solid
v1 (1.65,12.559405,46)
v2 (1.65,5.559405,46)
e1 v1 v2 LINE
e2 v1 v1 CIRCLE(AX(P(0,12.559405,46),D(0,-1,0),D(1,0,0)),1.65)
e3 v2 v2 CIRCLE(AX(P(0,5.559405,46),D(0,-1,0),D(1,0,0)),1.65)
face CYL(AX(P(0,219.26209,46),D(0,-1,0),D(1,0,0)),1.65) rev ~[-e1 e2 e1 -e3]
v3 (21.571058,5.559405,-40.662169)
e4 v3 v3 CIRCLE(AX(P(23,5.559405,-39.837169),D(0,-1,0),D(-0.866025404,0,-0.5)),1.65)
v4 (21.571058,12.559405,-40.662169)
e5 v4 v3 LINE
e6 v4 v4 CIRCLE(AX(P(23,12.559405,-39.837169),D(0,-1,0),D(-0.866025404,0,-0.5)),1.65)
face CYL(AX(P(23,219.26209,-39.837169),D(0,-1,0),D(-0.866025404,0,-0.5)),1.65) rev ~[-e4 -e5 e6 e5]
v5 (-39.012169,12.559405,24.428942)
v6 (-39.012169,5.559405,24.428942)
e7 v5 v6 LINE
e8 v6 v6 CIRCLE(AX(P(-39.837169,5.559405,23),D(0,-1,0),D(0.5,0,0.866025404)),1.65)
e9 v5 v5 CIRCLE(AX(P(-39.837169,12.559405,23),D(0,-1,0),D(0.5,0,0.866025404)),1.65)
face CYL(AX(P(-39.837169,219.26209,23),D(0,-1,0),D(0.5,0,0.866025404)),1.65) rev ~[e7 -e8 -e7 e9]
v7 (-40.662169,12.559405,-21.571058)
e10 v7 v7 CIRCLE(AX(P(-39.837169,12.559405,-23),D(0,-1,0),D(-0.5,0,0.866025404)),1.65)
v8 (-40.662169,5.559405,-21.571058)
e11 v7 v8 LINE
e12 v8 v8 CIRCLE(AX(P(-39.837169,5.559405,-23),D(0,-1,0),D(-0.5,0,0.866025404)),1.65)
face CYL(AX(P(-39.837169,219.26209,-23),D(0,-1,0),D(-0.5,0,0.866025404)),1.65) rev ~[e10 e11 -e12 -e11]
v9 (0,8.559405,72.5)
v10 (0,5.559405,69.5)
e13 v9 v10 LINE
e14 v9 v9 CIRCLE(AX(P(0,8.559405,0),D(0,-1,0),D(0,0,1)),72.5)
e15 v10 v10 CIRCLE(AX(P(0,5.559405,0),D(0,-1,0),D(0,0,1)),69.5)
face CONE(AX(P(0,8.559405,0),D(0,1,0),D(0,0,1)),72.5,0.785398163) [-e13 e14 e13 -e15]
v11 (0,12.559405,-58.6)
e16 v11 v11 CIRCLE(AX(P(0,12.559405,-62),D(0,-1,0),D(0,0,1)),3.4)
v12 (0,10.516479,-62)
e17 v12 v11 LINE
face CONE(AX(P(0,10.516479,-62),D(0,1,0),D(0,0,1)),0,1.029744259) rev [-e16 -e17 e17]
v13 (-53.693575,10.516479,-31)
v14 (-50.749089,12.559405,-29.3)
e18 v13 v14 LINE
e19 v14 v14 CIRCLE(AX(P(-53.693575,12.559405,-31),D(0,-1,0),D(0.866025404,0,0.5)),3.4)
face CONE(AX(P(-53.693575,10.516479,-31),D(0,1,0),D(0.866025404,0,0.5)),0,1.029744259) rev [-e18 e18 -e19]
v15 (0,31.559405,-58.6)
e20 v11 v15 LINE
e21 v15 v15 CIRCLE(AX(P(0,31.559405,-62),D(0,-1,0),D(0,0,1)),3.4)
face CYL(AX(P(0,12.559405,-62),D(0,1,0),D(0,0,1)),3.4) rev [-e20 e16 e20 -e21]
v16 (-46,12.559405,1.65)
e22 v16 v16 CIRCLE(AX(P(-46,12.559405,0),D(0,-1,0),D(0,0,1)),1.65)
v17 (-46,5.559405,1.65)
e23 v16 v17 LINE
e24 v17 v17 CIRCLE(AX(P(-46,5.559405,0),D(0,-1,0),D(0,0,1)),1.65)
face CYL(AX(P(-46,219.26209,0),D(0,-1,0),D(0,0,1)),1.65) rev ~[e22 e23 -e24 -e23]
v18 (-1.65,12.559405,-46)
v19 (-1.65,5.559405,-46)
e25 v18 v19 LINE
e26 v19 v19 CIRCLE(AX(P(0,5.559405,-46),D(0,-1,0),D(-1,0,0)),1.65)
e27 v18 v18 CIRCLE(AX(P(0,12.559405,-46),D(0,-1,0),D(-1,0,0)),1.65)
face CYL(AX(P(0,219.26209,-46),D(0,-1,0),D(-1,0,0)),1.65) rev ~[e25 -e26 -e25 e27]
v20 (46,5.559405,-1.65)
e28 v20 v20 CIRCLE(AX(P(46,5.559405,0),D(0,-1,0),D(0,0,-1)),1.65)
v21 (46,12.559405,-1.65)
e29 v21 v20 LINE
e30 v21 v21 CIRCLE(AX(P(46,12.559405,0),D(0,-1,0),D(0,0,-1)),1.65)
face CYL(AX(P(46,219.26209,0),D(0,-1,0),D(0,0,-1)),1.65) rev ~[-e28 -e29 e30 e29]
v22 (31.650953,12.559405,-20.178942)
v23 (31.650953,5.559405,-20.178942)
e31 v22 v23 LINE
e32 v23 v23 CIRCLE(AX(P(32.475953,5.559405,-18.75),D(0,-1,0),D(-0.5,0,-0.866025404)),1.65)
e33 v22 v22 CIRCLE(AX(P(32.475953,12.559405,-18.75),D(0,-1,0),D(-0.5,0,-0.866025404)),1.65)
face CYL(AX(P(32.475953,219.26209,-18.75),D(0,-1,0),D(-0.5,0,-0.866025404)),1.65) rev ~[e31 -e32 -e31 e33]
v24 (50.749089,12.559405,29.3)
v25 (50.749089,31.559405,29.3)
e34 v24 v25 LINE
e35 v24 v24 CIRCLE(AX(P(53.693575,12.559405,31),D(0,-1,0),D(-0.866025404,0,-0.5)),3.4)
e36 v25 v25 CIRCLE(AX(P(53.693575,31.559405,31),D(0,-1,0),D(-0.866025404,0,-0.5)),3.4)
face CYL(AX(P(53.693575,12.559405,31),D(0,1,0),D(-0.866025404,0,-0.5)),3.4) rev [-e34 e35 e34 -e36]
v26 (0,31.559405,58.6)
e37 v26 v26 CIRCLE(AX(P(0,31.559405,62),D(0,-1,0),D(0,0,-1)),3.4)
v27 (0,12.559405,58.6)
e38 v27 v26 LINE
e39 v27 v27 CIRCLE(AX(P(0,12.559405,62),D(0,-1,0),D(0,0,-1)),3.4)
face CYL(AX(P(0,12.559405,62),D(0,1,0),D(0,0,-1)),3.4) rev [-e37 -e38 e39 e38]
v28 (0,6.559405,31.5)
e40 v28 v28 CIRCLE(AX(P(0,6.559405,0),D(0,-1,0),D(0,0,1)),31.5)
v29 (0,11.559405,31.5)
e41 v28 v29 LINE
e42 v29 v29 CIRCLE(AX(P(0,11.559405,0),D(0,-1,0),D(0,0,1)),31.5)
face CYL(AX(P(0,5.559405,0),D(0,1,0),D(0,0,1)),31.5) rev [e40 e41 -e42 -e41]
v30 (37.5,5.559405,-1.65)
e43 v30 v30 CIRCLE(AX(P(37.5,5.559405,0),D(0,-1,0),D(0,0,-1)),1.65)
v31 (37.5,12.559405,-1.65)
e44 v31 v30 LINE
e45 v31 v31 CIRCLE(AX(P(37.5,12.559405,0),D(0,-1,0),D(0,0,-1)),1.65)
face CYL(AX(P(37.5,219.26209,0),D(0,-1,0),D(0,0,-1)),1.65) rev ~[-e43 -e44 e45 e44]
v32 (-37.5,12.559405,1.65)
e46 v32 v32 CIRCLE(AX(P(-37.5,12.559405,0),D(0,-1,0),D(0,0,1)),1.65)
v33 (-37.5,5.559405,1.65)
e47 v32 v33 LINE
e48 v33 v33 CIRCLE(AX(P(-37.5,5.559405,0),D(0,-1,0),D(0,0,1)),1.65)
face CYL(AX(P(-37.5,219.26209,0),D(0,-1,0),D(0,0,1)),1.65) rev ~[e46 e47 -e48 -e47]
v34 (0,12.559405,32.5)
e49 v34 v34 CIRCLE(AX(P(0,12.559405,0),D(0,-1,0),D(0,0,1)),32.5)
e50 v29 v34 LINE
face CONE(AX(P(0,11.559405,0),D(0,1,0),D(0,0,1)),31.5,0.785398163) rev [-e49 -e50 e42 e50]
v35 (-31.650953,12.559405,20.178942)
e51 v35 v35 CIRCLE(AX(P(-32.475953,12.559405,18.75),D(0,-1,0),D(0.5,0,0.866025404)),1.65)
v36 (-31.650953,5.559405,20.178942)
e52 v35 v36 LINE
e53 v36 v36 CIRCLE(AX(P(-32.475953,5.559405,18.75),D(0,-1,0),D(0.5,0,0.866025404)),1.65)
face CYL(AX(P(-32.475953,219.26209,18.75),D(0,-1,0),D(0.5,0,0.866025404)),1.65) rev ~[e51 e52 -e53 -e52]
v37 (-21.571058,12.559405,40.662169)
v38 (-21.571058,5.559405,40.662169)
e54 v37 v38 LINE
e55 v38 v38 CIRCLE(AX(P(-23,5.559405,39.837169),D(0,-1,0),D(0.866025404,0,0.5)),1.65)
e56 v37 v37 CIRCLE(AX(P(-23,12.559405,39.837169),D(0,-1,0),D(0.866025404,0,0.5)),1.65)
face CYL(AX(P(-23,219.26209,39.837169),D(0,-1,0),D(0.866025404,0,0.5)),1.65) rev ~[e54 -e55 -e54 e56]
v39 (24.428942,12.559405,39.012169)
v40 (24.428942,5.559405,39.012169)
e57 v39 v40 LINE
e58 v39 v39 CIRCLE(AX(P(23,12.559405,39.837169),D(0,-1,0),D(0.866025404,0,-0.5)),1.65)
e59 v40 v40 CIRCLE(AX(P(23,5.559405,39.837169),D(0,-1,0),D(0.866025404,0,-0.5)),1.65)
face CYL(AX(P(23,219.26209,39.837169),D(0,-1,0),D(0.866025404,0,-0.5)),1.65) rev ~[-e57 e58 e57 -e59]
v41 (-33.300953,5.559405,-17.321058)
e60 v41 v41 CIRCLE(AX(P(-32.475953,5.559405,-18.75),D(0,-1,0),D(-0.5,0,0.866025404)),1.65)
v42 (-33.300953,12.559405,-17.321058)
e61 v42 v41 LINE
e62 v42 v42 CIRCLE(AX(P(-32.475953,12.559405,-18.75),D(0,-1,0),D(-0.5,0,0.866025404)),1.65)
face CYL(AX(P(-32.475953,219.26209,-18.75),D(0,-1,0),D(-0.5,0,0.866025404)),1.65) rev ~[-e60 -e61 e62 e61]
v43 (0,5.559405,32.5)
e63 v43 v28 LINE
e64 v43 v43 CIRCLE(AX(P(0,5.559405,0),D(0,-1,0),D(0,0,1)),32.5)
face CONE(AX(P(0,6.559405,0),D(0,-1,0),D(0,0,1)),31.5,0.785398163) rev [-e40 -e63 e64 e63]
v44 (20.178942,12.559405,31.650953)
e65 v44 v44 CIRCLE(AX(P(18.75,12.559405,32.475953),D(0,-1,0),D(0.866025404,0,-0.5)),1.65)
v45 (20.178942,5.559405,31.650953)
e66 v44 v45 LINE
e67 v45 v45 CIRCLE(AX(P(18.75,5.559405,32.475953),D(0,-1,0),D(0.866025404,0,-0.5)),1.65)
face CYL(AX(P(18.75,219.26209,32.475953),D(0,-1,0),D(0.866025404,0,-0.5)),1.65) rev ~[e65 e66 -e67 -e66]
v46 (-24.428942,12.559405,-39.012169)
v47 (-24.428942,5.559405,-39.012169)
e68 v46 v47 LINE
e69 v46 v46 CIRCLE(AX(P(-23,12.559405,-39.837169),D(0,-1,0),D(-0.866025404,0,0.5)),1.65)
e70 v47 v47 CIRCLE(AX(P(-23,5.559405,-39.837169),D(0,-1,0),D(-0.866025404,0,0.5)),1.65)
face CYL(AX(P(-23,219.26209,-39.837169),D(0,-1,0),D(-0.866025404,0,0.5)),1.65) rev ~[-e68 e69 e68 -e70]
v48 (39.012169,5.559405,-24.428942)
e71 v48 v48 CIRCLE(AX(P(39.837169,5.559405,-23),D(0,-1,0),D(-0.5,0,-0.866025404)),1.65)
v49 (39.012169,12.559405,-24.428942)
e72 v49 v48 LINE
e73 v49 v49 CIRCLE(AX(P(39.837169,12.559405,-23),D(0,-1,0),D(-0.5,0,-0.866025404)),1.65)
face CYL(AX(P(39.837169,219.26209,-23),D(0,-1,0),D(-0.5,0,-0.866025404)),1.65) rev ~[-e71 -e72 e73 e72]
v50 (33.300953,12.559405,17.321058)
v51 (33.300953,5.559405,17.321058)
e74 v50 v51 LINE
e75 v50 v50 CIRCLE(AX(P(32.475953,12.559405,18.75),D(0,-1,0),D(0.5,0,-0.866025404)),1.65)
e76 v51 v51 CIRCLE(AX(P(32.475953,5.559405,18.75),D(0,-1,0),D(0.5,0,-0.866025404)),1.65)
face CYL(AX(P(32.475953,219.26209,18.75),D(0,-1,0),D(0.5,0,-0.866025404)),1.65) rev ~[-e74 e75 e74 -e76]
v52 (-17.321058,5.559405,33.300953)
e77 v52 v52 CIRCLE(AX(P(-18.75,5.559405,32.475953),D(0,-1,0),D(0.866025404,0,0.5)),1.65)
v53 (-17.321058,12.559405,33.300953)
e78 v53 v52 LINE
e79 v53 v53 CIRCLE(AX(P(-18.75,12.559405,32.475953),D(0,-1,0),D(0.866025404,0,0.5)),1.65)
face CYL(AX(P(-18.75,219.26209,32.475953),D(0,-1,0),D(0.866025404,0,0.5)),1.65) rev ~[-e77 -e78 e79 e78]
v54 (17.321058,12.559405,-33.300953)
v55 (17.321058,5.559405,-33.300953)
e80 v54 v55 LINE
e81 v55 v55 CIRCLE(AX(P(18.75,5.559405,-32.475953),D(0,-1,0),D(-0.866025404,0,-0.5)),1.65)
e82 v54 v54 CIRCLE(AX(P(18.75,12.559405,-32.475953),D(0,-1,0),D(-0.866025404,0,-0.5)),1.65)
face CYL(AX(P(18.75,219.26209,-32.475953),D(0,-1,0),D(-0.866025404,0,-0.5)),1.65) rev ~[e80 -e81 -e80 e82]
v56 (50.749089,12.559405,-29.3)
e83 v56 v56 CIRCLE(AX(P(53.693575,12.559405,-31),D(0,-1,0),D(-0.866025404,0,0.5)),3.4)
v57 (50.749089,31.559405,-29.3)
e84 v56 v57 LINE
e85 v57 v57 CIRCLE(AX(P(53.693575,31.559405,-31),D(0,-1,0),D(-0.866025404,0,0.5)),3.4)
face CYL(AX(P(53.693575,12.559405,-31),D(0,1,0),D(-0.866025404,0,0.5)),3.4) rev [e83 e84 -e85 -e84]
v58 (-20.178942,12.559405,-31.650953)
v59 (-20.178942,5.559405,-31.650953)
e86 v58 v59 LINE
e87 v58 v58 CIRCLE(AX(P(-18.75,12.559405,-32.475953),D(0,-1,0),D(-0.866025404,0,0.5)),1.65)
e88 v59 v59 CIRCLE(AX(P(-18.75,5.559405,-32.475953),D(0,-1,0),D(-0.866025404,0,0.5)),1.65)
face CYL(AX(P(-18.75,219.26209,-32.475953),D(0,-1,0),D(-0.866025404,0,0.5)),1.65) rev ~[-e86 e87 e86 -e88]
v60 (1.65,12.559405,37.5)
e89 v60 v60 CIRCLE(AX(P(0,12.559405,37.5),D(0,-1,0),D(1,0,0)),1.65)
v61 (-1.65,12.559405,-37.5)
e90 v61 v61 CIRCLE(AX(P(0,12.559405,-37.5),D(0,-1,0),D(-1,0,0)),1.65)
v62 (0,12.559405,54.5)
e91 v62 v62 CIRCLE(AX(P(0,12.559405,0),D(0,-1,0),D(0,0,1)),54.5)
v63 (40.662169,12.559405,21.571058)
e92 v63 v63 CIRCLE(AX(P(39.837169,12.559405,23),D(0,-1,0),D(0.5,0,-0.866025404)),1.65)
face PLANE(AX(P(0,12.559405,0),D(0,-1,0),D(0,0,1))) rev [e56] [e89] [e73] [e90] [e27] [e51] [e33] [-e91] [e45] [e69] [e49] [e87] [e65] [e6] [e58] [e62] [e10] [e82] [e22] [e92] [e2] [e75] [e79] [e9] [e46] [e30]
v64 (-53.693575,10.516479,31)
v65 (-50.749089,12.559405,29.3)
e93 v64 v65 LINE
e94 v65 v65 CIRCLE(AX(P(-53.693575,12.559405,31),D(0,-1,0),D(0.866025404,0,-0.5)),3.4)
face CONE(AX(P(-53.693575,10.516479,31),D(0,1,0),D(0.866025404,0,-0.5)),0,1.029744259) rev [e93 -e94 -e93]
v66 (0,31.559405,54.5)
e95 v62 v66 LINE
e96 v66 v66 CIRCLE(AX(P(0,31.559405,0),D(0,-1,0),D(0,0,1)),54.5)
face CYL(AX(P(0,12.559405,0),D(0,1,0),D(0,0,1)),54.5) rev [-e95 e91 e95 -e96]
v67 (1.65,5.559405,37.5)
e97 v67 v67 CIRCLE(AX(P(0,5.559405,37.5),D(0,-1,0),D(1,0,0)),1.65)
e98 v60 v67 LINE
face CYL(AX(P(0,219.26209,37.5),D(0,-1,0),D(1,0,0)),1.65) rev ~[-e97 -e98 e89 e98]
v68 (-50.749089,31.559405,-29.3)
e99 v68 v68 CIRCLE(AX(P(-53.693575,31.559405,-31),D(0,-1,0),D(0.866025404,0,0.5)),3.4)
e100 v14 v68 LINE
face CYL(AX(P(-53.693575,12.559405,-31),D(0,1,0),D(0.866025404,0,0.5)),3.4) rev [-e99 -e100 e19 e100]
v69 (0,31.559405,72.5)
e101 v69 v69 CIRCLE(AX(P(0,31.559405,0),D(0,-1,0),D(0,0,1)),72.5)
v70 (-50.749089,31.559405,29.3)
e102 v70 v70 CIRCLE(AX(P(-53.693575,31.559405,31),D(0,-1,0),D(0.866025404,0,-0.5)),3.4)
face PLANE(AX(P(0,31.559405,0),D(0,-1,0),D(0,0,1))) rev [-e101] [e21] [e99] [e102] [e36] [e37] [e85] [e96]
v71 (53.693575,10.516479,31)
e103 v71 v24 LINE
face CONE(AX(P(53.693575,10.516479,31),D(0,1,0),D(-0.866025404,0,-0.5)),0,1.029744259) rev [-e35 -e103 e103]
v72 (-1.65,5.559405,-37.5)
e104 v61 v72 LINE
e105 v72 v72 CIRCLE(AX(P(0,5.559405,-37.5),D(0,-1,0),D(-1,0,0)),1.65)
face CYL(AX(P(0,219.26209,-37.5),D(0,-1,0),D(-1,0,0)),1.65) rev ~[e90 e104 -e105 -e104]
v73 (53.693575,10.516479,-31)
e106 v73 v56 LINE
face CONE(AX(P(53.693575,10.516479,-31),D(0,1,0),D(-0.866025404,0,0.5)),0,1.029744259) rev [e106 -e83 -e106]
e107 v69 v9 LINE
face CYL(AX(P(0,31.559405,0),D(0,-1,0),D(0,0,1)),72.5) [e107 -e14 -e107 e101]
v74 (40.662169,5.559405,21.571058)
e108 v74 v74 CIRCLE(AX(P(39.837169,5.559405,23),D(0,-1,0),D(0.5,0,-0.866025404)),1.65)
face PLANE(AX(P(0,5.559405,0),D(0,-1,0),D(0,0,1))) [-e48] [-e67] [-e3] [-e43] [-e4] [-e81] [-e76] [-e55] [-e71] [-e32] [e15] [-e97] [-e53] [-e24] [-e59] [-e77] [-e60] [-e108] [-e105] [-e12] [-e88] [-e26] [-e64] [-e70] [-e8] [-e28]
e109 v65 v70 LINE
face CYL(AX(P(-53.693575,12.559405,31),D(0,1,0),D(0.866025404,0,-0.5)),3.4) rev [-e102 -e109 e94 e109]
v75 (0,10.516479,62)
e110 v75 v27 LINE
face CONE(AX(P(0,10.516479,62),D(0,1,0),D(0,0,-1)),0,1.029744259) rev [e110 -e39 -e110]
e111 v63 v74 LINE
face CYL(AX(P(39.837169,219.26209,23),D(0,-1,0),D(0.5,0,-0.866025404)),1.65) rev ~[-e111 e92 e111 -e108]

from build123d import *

# Parameters (mm, degrees)
SMUSSO1_SIZE                = 3
SMUSSO2_SIZE                = 1
RIPETIZIONECIRCOLARE1_COUNT = 6
FORO_FILETTATO_M4_1_D       = 3.3
RIPETIZIONECIRCOLARE2_COUNT = 12


with BuildPart() as part:
    # Schizzo1 → Rivoluzione1 (revolve)
    with BuildSketch(Plane.XY, mode=Mode.PRIVATE) as rivoluzione1_sk:
        Polygon((72.5, 31.559405291), (72.5, 5.559405291), (31.5, 5.559405291), (31.5, 12.559405291), (54.5, 12.559405291), (54.5, 31.559405291), align=None)
    revolve(rivoluzione1_sk.sketch.rotate(Axis((0, 82.574074074, 0), (0, -1, 0)), 90), axis=Axis((0, 82.574074074, 0), (0, -1, 0)))

    # Smusso1
    smusso1_edges = [part.edges().sort_by_distance(p)[0] for p in [
        (0, 5.559405291, -72.5),
    ]]
    chamfer(smusso1_edges, length=SMUSSO1_SIZE)

    # Smusso2
    smusso2_edges = [part.edges().sort_by_distance(p)[0] for p in [
        (0, 12.559405291, -31.5),
        (0, 5.559405291, -31.5),
    ]]
    chamfer(smusso2_edges, length=SMUSSO2_SIZE)

    # Schizzo3 → Foro filettato M8-1 (revolve, cut)
    with BuildSketch(Plane(origin=(0, 31.559405291, -62), x_dir=(0, 0, 1), z_dir=(1, 0, 0))):
        Polygon((0, 0), (0, 21.042926105), (3.4, 19), (3.4, 0), align=None)
    foro_filettato_m8_1 = revolve(axis=Axis((0, 37.909405291, -62), (0, -1, 0)), mode=Mode.SUBTRACT)

    # RipetizioneCircolare1: Foro filettato M8-1 ×6 about axis
    ripetizionecircolare1_axis = Axis((0, 0, 0), (0, 1, 0))
    for i in range(1, RIPETIZIONECIRCOLARE1_COUNT):
        add(foro_filettato_m8_1.rotate(ripetizionecircolare1_axis, i * 360 / RIPETIZIONECIRCOLARE1_COUNT), mode=Mode.SUBTRACT)

    # Foro filettato M4-1 (through all)
    with Locations(Plane(origin=(0, 12.559405291, 0), x_dir=(1, 0, 0), z_dir=(0, 1, 0))):
        with Locations((0, 46), (0, 37.5)):
            foro_filettato_m4_1 = Hole(FORO_FILETTATO_M4_1_D / 2)

    # RipetizioneCircolare2: Foro filettato M4-1 ×12 about axis
    ripetizionecircolare2_axis = Axis((0, 0, 0), (0, 1, 0))
    for i in range(1, RIPETIZIONECIRCOLARE2_COUNT):
        add(foro_filettato_m4_1.rotate(ripetizionecircolare2_axis, i * 360 / RIPETIZIONECIRCOLARE2_COUNT), mode=Mode.SUBTRACT)


solid = part.part
